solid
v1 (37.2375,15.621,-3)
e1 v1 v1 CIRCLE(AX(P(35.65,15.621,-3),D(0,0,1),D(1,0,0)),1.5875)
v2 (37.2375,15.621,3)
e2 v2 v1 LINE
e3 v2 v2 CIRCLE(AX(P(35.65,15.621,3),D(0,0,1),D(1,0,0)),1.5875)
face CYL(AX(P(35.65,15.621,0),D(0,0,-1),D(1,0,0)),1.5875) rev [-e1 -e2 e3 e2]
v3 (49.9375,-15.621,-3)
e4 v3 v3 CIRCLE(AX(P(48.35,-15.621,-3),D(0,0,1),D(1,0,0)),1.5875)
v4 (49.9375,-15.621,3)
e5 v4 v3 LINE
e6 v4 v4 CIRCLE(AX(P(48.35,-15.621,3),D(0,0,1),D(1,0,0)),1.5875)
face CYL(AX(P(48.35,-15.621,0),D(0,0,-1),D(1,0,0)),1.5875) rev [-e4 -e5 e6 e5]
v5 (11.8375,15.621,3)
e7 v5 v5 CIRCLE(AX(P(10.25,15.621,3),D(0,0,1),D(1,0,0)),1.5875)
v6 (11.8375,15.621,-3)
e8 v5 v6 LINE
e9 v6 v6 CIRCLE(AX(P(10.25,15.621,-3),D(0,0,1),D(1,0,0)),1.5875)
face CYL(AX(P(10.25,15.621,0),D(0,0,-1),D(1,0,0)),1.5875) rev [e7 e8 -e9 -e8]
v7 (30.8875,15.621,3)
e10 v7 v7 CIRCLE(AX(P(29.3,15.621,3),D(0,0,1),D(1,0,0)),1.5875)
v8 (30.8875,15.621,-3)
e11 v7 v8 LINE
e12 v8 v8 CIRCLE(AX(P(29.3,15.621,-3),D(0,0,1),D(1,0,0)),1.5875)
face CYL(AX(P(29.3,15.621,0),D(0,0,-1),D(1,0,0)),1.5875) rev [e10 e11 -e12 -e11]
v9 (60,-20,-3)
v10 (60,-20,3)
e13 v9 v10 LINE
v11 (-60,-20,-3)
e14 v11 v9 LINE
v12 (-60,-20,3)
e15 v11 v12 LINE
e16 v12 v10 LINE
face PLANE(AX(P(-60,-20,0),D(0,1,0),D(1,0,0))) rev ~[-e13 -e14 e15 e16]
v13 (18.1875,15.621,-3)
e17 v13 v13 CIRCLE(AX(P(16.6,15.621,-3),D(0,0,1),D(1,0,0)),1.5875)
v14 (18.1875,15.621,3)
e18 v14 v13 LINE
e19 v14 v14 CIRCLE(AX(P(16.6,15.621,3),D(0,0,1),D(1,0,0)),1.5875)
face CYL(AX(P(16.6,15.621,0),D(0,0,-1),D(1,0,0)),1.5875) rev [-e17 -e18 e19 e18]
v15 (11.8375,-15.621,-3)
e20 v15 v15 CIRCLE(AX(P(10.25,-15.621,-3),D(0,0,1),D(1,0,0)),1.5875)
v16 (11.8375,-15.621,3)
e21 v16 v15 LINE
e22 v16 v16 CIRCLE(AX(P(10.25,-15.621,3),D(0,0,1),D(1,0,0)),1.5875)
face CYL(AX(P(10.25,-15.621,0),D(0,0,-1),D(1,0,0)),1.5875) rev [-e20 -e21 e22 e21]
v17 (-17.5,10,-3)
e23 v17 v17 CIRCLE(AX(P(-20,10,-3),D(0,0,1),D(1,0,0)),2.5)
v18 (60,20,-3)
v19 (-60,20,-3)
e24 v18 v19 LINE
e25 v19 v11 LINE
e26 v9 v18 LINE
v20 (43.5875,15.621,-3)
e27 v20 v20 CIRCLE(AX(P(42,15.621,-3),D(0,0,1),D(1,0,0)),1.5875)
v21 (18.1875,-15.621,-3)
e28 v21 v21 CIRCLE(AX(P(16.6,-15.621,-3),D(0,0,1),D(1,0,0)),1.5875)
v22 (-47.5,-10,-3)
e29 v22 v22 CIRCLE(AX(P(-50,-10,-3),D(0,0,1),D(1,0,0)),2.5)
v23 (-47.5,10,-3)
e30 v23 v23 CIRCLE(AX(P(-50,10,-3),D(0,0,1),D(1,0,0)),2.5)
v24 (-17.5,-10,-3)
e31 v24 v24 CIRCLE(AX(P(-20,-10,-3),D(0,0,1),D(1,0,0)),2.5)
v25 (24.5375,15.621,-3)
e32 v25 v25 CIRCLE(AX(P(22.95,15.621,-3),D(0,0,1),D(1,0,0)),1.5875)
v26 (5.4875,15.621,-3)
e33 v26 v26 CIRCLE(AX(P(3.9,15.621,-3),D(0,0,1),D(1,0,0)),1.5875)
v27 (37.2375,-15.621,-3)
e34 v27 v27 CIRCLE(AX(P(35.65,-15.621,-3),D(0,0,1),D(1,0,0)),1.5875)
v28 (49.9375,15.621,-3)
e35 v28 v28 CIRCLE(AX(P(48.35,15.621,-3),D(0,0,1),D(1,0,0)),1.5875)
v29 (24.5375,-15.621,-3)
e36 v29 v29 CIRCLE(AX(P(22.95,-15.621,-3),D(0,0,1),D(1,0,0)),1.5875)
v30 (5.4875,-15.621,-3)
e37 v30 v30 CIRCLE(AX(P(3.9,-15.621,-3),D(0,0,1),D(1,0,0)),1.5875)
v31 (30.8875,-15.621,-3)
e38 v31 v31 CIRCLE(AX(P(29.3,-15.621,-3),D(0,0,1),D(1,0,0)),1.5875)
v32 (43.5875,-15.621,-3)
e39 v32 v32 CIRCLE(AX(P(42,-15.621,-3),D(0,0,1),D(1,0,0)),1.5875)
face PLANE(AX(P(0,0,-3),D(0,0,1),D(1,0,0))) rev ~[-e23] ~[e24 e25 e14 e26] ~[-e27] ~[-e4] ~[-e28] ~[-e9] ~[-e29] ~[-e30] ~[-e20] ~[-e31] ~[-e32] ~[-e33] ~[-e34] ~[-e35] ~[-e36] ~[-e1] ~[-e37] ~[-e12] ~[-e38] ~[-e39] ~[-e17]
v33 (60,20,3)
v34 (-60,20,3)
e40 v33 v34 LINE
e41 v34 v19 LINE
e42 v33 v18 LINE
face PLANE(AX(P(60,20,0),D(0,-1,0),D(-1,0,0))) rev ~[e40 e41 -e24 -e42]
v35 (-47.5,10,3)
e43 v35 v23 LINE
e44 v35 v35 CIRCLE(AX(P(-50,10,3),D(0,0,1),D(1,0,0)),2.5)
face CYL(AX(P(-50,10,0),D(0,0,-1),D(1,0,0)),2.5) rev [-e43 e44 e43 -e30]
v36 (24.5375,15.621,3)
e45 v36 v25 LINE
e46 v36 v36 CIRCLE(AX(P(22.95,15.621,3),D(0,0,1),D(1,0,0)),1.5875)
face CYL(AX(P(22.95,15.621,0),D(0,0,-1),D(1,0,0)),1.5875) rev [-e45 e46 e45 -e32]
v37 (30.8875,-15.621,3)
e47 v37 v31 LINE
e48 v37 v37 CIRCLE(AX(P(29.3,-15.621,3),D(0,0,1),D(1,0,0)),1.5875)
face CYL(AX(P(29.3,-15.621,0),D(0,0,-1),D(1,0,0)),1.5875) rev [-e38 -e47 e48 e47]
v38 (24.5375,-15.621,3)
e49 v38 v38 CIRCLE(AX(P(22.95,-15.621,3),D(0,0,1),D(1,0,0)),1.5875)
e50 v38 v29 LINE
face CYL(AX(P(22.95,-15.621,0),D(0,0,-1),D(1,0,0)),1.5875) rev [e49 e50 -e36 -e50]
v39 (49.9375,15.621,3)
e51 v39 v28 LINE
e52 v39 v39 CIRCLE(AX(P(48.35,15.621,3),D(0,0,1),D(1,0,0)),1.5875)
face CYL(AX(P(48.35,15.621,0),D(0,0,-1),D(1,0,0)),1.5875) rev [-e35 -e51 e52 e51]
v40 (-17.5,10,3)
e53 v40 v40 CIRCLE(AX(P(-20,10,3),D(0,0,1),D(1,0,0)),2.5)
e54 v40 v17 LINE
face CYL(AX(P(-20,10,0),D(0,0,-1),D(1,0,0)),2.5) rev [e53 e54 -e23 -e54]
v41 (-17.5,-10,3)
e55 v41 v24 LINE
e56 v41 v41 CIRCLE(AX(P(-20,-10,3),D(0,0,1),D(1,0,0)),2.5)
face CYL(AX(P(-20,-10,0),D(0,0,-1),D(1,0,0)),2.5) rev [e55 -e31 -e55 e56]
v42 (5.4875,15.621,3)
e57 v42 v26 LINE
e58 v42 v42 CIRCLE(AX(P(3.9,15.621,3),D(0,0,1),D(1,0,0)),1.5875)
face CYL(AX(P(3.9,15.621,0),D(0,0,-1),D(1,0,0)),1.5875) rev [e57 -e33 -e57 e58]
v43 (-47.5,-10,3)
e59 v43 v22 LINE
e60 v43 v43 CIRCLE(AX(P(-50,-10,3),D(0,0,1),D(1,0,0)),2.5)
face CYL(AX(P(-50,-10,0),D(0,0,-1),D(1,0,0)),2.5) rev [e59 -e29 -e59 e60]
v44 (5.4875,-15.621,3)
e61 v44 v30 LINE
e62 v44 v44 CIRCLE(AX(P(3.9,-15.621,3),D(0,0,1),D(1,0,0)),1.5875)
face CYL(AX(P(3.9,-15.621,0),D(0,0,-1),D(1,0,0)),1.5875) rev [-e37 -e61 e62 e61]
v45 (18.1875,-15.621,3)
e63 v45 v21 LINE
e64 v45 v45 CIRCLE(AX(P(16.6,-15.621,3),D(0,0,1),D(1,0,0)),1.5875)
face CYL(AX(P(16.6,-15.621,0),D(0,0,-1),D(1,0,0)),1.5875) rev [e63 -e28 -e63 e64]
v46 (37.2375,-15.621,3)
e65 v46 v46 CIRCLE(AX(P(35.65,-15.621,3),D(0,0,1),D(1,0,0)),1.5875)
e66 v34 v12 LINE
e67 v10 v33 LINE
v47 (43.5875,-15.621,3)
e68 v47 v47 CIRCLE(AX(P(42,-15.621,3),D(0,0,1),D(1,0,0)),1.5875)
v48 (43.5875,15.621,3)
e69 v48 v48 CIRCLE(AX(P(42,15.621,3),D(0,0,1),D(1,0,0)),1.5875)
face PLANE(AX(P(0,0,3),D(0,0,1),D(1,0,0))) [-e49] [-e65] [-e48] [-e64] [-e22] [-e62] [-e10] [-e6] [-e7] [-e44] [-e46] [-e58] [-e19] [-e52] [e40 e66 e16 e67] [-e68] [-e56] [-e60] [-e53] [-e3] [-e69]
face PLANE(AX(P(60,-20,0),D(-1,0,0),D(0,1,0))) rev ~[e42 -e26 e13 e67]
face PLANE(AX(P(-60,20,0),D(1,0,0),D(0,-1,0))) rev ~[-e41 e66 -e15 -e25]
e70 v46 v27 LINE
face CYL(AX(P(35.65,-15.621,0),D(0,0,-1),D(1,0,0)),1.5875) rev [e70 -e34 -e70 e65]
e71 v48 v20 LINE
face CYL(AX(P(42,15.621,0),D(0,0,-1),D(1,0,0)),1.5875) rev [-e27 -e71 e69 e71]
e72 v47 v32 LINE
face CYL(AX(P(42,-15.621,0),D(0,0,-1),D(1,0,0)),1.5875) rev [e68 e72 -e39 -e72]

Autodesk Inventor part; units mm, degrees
ref_plane "YZ Plane" through (0, 0, 0) normal (1, 0, 0) x (0, 1, 0)
ref_plane "XZ Plane" through (0, 0, 0) normal (0, 1, 0) x (-1, 0, 0)
ref_plane "XY Plane" through (0, 0, 0) normal (0, 0, 1) x (1, 0, 0)
sketch "Sketch1" plane through (0, 0, 0) normal (0, 0, 1) x (1, 0, 0)
  line L0 (-60, -20) -> (60, -20)
  line L1 (60, -20) -> (60, 20)
  line L2 (60, 20) -> (-60, 20)
  line L3 (-60, 20) -> (-60, -20)
  line L4 (-60, -20) -> (60, 20) construction
  line L5 (60, -20) -> (-60, 20) construction
  circle A0 centre (42, -15.621) radius 1.5875
  circle A1 centre (22.95, -15.621) radius 1.5875
  circle A2 centre (3.9, -15.621) radius 1.5875
  circle A3 centre (42, 15.621) radius 1.5875
  circle A4 centre (22.95, 15.621) radius 1.5875
  circle A5 centre (3.9, 15.621) radius 1.5875
  circle A6 centre (-50, -10) radius 2.5
  circle A7 centre (-50, 10) radius 2.5
  circle A8 centre (10.25, -15.621) radius 1.5875
  circle A9 centre (16.6, -15.621) radius 1.5875
  circle A10 centre (29.3, -15.621) radius 1.5875
  circle A11 centre (35.65, -15.621) radius 1.5875
  line L6 (-5.5859, 0) -> (7.9995, 0) construction
  circle A12 centre (10.25, 15.621) radius 1.5875
  circle A13 centre (16.6, 15.621) radius 1.5875
  circle A14 centre (29.3, 15.621) radius 1.5875
  circle A15 centre (35.65, 15.621) radius 1.5875
  circle A16 centre (-20, -10) radius 2.5
  circle A17 centre (-20, 10) radius 2.5
  circle A18 centre (48.35, -15.621) radius 1.5875
  circle A19 centre (48.35, 15.621) radius 1.5875
  point P0 (0, 0)
  dimension "d0" = 120
  dimension "d1" = 40
  dimension "d4" = 3.175
  dimension "d5" = 3.175
  dimension "d6" = 3.175
  dimension "d7" = 3.175
  dimension "d8" = 3.175
  dimension "d9" = 3.175
  dimension "d10" = 31.242
  dimension "d11" = 19.05
  dimension "d12" = 19.05
  dimension "d13" = 18
  dimension "d16" = 5
  dimension "d17" = 5
  dimension "d21" = 10
  dimension "d26" = 4.379
  dimension "d29" = 3.175
  dimension "d30" = 3.175
  dimension "d31" = 3.175
  dimension "d32" = 3.175
  dimension "d33" = 6.35
  dimension "d34" = 6.35
  dimension "d35" = 6.35
  dimension "d36" = 6.35
  dimension "d39" = 5
  dimension "d40" = 5
  dimension "d41" = 30
  dimension "d42" = 3.175
  dimension "d43" = 6.35
extrude "Extrusion4" add sketch "Sketch1" along normal mid plane 6
properties part number "motor_bracket_base2"
